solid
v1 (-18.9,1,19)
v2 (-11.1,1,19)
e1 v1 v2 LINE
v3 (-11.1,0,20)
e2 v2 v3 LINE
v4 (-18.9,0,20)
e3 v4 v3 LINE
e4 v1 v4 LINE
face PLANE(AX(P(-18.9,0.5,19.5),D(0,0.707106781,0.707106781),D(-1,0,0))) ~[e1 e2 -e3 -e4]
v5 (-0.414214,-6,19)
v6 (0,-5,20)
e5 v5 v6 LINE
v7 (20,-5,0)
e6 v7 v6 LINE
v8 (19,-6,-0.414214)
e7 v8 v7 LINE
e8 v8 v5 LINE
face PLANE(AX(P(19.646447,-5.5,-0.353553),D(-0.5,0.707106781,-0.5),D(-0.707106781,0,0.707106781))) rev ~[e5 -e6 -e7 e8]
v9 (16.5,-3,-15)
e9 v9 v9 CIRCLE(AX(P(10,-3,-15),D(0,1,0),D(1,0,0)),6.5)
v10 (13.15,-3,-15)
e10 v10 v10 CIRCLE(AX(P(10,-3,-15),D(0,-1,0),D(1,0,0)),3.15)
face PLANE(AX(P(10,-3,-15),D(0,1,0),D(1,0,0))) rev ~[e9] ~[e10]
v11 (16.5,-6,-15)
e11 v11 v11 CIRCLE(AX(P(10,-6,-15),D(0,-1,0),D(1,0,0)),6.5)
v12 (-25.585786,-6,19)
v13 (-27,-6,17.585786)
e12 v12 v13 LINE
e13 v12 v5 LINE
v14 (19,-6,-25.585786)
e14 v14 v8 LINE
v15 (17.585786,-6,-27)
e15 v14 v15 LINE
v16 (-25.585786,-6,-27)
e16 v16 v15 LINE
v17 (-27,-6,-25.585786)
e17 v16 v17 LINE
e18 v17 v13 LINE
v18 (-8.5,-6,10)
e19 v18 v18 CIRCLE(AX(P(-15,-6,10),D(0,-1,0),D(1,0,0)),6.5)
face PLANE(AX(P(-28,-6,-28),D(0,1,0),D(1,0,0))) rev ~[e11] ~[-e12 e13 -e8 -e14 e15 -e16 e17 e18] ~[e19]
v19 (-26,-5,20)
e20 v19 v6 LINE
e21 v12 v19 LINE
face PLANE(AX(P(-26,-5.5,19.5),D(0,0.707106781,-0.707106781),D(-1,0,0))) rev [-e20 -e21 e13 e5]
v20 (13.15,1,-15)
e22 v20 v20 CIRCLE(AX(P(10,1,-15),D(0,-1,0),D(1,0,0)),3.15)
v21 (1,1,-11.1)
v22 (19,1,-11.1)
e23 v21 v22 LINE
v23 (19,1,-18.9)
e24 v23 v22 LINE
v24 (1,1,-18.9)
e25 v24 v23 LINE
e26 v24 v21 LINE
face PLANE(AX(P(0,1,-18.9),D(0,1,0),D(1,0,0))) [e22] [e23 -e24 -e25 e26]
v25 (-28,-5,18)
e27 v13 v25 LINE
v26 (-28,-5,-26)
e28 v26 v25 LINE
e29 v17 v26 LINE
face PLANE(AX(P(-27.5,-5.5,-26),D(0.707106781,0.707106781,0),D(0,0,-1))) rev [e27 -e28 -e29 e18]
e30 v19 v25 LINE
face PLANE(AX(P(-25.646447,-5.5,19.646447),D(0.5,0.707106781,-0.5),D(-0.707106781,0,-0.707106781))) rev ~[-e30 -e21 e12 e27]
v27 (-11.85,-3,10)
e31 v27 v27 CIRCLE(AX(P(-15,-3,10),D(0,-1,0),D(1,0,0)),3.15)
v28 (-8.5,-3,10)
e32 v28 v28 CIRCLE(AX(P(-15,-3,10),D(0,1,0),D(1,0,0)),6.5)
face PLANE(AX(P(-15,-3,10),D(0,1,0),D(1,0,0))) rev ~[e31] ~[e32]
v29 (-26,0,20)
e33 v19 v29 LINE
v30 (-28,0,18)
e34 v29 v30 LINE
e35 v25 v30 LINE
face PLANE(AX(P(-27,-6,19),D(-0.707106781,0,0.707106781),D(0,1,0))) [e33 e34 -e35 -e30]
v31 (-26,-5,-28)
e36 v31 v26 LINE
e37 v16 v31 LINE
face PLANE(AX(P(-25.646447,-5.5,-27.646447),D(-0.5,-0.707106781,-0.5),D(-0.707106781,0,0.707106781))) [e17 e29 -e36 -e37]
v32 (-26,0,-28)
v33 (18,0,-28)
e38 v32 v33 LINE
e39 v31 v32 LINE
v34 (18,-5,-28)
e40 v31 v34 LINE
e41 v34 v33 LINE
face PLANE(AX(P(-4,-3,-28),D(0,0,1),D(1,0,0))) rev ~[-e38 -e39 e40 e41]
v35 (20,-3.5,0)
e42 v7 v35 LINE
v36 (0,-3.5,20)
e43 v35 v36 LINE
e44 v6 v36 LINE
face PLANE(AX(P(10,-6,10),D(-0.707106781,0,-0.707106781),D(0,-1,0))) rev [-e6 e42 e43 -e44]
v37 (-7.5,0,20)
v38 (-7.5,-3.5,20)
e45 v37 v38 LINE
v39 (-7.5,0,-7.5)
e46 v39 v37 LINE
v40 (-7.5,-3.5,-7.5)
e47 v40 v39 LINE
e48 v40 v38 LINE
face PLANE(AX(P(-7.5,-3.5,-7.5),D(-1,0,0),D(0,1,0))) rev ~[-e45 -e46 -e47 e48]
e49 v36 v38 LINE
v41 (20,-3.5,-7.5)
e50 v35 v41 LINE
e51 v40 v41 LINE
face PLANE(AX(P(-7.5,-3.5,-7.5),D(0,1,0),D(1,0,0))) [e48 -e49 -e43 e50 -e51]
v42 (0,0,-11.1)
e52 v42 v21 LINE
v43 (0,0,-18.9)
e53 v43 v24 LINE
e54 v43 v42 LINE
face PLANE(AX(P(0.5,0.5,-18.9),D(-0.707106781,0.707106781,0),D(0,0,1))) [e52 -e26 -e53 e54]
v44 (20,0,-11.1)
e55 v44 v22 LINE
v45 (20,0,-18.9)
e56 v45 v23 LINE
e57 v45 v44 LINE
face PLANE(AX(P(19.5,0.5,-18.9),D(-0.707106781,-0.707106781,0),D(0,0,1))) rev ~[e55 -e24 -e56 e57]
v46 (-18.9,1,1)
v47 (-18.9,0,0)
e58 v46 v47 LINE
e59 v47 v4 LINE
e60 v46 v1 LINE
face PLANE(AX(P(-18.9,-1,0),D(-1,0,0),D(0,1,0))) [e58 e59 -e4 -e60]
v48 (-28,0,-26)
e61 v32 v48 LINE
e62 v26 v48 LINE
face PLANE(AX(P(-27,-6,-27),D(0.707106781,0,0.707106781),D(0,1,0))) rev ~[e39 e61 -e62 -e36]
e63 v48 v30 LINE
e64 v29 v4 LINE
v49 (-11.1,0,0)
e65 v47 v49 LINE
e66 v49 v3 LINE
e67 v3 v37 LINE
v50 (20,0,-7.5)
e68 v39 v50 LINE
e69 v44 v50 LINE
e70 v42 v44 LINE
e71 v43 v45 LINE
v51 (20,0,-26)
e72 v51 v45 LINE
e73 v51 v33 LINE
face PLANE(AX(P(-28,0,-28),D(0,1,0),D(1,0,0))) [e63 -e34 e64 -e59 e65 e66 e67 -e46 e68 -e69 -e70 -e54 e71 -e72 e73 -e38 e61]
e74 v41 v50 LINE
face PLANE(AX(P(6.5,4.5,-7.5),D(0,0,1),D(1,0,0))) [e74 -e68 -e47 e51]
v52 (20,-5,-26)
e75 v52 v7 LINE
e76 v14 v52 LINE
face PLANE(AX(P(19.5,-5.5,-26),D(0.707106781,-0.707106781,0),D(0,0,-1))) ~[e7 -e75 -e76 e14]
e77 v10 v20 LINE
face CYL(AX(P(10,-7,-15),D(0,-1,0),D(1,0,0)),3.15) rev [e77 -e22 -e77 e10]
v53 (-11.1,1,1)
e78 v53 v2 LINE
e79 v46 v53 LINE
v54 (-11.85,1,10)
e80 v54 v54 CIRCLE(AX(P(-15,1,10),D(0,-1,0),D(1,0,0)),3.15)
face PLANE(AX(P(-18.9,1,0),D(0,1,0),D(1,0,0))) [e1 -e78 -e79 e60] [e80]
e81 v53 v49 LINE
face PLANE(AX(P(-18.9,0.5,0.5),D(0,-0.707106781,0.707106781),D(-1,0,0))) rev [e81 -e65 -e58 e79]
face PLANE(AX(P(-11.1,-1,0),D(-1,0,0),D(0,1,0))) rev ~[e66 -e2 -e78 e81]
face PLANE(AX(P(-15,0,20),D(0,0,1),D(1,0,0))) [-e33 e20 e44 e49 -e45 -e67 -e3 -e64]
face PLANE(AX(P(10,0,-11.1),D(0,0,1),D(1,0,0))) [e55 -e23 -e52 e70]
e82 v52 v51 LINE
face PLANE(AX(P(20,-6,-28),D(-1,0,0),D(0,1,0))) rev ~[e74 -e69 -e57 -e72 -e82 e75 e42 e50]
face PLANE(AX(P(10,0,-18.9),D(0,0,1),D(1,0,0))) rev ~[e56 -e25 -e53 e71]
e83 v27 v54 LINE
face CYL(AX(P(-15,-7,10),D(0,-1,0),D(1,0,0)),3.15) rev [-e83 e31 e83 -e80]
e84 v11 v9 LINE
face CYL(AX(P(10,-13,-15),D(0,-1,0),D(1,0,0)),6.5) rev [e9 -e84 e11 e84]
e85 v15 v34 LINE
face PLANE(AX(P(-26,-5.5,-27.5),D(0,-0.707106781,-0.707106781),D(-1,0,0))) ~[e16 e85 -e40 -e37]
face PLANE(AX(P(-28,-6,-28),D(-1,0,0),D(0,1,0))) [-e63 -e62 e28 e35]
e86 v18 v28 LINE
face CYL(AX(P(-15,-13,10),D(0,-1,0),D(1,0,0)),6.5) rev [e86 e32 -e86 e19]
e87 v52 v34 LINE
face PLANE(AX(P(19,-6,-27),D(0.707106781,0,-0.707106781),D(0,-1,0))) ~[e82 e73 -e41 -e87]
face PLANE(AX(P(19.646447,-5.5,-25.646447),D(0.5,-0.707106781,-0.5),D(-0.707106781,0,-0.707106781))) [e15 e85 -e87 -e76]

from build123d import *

# Parameters (mm, degrees)
BOX003_W          = 28
BOX003_H          = 16
BOX003_DEPTH      = 28
CYLINDER002_R     = 6.5
CYLINDER002_DEPTH = 10
CYLINDER003_R     = 6.5
CYLINDER003_DEPTH = 10
CYLINDER001_R     = 3.15
CYLINDER001_DEPTH = 10
CYLINDER_R        = 3.15
CYLINDER_DEPTH    = 10
BOX001_W          = 7.8
BOX001_H          = 2
BOX001_DEPTH      = 20
CHAMFER003_SIZE   = 1
BOX002_W          = 20
BOX002_H          = 2
BOX002_DEPTH      = 7.8
CHAMFER004_SIZE   = 1
BOX_W             = 48
BOX_H             = 6
BOX_DEPTH         = 48
CHAMFER_SIZE      = 20
CHAMFER001_SIZE   = 2
CHAMFER002_SIZE   = 1


with BuildPart() as cube003:
    # Box003 → Box003 (new body)
    with BuildSketch(Plane(origin=(-7.5, -3.5, -7.5), x_dir=(1, 0, 0), z_dir=(0, 0, 1))):
        with Locations((14, 8)):
            Rectangle(BOX003_W, BOX003_H)
    extrude(amount=BOX003_DEPTH)


with BuildPart() as cylinder002:
    # Cylinder002 → Cylinder002 (new body)
    with BuildSketch(Plane(origin=(10, -16, -15), x_dir=(1, 0, 0), z_dir=(0, 1, 0))):
        Circle(CYLINDER002_R)
    extrude(amount=CYLINDER002_DEPTH)


with BuildPart() as fusion003:
    # Cylinder003 → Cylinder003 (new body)
    with BuildSketch(Plane(origin=(-15, -16, 10), x_dir=(1, 0, 0), z_dir=(0, 1, 0))):
        Circle(CYLINDER003_R)
    extrude(amount=CYLINDER003_DEPTH)

    # Fusion003: union Cylinder002
    add(cylinder002.part)


with BuildPart() as fusion003_1:
    # Fusion003 placement: moved
    add(fusion003.part.moved(Location((0, 3, 0))))


with BuildPart() as cylinder001:
    # Cylinder001 → Cylinder001 (new body)
    with BuildSketch(Plane(origin=(10, -7, -15), x_dir=(1, 0, 0), z_dir=(0, 1, 0))):
        Circle(CYLINDER001_R)
    extrude(amount=CYLINDER001_DEPTH)


with BuildPart() as fusion002:
    # Cylinder → Cylinder (new body)
    with BuildSketch(Plane(origin=(-15, -7, 10), x_dir=(1, 0, 0), z_dir=(0, 1, 0))):
        Circle(CYLINDER_R)
    extrude(amount=CYLINDER_DEPTH)

    # Fusion002: union Cylinder001
    add(cylinder001.part)


with BuildPart() as chamfer003:
    # Box001 → Box001 (new body)
    with BuildSketch(Plane(origin=(-18.9, -1, 0), x_dir=(1, 0, 0), z_dir=(0, 0, 1))):
        with Locations((3.9, 1)):
            Rectangle(BOX001_W, BOX001_H)
    extrude(amount=BOX001_DEPTH)

    # Chamfer003
    chamfer003_edges = [chamfer003.edges().sort_by_distance(p)[0] for p in [
        (-15, 1, 0),
        (-15, 1, 20),
    ]]
    chamfer(chamfer003_edges, length=CHAMFER003_SIZE)


with BuildPart() as fusion:
    # Box002 → Box002 (new body)
    with BuildSketch(Plane(origin=(0, -1, -18.9), x_dir=(1, 0, 0), z_dir=(0, 0, 1))):
        with Locations((10, 1)):
            Rectangle(BOX002_W, BOX002_H)
    extrude(amount=BOX002_DEPTH)

    # Chamfer004
    chamfer004_edges = [fusion.edges().sort_by_distance(p)[0] for p in [
        (0, 1, -15),
        (20, 1, -15),
    ]]
    chamfer(chamfer004_edges, length=CHAMFER004_SIZE)

    # Fusion: union Chamfer003
    add(chamfer003.part)


with BuildPart() as side_corner_panel_clip:
    # Box → Box (new body)
    with BuildSketch(Plane(origin=(-28, -6, -28), x_dir=(1, 0, 0), z_dir=(0, 0, 1))):
        with Locations((24, 3)):
            Rectangle(BOX_W, BOX_H)
    extrude(amount=BOX_DEPTH)

    # Chamfer
    chamfer_edges = [side_corner_panel_clip.edges().sort_by_distance(p)[0] for p in [
        (20, -3, 20),
    ]]
    chamfer(chamfer_edges, length=CHAMFER_SIZE)

    # Chamfer001
    chamfer001_edges = [side_corner_panel_clip.edges().sort_by_distance(p)[0] for p in [
        (20, -3, -28),
        (-28, -3, -28),
        (-28, -3, 20),
    ]]
    chamfer(chamfer001_edges, length=CHAMFER001_SIZE)

    # Chamfer002
    chamfer002_edges = [side_corner_panel_clip.edges().sort_by_distance(p)[0] for p in [
        (20, -6, -13),
        (19, -6, -27),
        (10, -6, 10),
        (-4, -6, -28),
        (-13, -6, 20),
        (-27, -6, -27),
        (-27, -6, 19),
        (-28, -6, -4),
    ]]
    chamfer(chamfer002_edges, length=CHAMFER002_SIZE)

    # Fusion001: union Fusion
    add(fusion.part)

    # Cut: cut Fusion002
    add(fusion002.part, mode=Mode.SUBTRACT)

    # Cut001: cut Fusion003
    add(fusion003_1.part, mode=Mode.SUBTRACT)

    # Cut002008006: cut Cube003
    add(cube003.part, mode=Mode.SUBTRACT)


solid = side_corner_panel_clip.part
